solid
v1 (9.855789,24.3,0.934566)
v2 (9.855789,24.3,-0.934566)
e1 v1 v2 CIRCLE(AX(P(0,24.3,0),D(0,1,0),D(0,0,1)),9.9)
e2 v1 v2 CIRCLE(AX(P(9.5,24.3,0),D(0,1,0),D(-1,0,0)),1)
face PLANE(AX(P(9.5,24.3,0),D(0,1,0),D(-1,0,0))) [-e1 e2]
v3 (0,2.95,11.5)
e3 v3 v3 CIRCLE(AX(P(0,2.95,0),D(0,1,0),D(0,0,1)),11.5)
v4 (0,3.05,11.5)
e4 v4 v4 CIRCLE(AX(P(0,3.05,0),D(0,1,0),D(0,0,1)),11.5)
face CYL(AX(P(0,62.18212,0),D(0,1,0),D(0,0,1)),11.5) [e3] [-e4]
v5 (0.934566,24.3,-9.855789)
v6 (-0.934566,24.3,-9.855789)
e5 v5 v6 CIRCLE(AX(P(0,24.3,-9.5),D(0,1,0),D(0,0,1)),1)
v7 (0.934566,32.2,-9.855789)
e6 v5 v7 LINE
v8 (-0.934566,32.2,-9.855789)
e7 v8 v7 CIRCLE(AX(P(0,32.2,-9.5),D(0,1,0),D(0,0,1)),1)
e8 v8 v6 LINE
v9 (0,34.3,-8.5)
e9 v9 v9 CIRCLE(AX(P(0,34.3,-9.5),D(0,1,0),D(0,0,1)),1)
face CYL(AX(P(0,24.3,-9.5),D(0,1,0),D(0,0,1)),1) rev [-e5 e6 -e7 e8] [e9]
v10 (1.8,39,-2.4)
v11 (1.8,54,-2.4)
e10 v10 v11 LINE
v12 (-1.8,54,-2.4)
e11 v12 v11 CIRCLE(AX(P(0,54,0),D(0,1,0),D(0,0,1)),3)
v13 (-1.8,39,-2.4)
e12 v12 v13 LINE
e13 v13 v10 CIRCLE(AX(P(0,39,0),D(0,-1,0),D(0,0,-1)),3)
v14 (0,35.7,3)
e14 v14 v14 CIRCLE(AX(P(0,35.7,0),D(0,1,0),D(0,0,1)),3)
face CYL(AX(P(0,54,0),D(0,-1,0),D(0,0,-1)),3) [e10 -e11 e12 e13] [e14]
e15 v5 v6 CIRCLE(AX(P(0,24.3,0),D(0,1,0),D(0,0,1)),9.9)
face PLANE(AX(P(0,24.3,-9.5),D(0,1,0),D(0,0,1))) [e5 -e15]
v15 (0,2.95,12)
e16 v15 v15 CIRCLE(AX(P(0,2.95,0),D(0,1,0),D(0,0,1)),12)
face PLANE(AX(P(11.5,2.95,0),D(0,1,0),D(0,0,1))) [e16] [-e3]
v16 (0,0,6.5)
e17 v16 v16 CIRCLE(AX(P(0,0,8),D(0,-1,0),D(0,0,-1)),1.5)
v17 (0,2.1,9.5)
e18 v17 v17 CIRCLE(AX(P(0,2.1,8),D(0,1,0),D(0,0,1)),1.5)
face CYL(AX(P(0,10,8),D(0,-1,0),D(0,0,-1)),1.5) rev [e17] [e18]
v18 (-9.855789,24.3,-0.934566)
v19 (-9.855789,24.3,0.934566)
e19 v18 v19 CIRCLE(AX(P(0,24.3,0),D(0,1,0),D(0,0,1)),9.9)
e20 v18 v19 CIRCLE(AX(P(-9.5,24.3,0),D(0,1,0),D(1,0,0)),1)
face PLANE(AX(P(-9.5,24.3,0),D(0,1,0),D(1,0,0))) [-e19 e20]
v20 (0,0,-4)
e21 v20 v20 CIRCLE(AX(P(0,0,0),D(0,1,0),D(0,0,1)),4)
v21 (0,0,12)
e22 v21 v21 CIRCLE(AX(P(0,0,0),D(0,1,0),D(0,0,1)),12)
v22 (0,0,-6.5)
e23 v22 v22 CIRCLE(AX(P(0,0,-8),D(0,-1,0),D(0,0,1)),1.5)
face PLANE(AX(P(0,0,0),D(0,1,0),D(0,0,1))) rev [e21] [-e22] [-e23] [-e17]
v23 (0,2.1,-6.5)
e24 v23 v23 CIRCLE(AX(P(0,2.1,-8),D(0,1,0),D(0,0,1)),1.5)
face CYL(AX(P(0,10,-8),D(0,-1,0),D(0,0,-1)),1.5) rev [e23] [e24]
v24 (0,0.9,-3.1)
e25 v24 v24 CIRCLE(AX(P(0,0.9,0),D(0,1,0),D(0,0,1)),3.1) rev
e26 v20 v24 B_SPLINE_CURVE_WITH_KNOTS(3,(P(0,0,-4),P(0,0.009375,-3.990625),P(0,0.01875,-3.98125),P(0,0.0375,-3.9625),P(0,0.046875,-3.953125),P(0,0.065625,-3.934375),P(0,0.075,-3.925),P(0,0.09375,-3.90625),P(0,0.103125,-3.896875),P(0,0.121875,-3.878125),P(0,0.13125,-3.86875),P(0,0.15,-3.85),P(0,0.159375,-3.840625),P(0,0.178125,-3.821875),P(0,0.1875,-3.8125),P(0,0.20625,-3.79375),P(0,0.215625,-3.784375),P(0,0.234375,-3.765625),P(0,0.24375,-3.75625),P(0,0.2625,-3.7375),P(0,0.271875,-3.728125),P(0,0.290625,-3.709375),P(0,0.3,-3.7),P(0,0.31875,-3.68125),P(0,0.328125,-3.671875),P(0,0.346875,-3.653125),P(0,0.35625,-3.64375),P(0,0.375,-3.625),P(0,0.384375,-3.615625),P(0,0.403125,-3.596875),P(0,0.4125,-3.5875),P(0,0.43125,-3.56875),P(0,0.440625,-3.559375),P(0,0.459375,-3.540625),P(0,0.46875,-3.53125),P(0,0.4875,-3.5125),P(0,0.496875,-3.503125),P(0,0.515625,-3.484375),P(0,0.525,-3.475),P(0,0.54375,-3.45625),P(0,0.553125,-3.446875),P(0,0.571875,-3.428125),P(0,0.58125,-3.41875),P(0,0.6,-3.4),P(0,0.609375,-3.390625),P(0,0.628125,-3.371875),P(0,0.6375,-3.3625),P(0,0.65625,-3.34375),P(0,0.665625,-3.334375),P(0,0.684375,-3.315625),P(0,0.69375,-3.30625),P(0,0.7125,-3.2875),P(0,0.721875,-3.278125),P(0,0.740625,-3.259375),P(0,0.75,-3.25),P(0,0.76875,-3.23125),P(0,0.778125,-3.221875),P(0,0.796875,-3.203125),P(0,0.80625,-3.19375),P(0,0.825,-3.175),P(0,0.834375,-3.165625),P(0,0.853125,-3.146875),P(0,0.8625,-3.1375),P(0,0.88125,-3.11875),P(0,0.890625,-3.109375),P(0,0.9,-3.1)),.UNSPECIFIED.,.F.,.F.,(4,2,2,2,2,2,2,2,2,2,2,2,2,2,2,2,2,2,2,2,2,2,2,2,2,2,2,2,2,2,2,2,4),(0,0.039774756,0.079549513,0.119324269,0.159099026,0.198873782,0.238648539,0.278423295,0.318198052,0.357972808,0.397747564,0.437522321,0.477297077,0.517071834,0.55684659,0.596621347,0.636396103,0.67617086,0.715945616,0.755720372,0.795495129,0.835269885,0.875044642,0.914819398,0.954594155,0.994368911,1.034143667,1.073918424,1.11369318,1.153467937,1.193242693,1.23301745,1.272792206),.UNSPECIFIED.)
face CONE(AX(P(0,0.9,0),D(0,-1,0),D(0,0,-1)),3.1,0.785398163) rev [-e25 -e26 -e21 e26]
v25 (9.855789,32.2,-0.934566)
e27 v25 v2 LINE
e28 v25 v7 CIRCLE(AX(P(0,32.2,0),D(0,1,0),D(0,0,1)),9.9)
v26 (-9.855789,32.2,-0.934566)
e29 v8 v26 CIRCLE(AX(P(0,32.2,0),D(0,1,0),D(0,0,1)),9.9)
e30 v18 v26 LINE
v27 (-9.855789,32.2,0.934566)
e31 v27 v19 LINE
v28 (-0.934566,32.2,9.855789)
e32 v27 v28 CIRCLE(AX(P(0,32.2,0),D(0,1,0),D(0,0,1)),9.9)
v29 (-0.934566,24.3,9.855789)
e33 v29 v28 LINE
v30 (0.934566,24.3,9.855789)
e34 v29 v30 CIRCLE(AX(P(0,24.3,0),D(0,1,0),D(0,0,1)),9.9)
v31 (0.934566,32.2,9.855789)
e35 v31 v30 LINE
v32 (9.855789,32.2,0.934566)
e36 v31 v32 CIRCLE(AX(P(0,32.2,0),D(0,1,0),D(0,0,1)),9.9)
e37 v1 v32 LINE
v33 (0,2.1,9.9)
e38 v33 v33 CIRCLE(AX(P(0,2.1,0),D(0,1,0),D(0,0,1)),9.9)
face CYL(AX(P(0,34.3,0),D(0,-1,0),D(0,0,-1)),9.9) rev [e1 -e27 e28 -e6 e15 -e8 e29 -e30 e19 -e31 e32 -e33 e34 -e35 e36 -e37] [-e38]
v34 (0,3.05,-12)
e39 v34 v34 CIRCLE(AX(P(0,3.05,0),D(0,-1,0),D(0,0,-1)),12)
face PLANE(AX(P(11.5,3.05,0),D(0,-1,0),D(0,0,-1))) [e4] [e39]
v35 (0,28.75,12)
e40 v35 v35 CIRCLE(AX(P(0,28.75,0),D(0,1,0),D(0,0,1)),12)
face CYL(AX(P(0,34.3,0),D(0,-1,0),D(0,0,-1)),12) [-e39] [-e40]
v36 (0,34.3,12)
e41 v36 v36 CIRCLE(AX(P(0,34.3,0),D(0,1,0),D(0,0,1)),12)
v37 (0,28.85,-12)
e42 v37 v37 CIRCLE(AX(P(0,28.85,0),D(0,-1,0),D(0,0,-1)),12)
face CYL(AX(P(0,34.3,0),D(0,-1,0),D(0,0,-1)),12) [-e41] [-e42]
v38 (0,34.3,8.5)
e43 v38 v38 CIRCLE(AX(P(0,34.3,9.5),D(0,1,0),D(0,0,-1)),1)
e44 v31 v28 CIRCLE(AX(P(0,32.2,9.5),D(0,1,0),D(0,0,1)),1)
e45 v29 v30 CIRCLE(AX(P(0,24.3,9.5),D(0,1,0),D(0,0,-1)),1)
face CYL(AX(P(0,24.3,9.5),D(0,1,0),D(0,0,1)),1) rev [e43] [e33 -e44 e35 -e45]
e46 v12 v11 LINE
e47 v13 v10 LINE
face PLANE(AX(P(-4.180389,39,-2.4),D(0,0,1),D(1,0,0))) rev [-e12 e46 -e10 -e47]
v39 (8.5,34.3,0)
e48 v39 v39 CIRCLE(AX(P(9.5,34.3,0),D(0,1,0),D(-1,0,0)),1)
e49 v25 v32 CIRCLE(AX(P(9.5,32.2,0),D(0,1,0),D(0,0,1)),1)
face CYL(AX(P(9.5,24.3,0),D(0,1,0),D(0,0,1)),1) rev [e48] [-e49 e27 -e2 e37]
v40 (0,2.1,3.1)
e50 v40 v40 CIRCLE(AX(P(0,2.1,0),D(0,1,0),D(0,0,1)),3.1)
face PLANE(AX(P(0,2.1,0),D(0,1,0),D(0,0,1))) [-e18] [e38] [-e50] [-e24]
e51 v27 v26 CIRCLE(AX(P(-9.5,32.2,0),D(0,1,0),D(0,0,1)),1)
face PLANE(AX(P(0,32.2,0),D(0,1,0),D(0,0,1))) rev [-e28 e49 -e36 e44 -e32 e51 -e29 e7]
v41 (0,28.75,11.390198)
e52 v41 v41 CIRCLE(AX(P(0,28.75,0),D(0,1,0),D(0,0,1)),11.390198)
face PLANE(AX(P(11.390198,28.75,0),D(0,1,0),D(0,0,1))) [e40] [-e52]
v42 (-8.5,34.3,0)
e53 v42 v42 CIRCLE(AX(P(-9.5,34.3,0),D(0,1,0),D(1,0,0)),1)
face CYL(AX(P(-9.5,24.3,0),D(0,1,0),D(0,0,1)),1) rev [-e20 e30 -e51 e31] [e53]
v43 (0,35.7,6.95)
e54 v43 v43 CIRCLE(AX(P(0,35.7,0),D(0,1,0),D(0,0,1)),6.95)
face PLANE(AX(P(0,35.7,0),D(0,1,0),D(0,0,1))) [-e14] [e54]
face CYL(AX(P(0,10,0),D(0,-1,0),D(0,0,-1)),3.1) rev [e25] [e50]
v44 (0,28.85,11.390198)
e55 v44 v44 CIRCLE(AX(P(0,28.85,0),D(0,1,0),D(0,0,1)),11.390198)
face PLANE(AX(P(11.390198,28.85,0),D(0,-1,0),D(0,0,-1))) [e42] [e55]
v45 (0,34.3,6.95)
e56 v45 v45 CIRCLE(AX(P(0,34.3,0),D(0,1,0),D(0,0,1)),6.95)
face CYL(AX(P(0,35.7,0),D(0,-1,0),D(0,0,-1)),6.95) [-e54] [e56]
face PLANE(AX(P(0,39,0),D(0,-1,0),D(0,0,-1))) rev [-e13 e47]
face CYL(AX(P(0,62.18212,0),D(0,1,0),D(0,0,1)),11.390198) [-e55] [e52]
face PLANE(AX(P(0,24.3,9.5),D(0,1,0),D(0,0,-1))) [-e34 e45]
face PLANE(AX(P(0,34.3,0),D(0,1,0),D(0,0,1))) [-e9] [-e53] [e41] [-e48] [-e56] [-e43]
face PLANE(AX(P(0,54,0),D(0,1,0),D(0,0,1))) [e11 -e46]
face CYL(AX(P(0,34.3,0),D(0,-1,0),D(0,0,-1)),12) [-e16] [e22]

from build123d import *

# Parameters (mm, degrees)
SKETCH_1_R               = 12
EXTRUDE_1_DEPTH          = 34.3
SHELL_6_T                = 2.1
SKETCH_2_R               = 6.95
EXTRUDE_2_DEPTH          = 1.4
SKETCH_3_R               = 3
EXTRUDE_3_DEPTH          = 18.3
CUT_EXTRUDE_1_DEPTH      = 15
SKETCH_5_R               = 3.1
CUT_EXTRUDE_2_DEPTH      = 10
CHAMFER_1_SIZE           = 0.9
SKETCH_7_R               = 1
CUT_EXTRUDE_3_DEPTH      = 10
PATTERN_CIRCULAR_1_COUNT = 4
SKETCH_8_R               = 1.5
CUT_EXTRUDE_4_DEPTH      = 10
PATTERN_CIRCULAR_2_COUNT = 2
SKETCH_10_W              = 1
SKETCH_10_H              = 0.1


with BuildPart() as part:
    # 草图1 → 凸台-拉伸1 (new body)
    with BuildSketch(Plane(origin=(0, 0, 0), x_dir=(1, 0, 0), z_dir=(0, 1, 0))):
        with Locations(Location((0, 0, 0), (0, 0, 270))):
            Circle(SKETCH_1_R)
    extrude(amount=EXTRUDE_1_DEPTH)

    # 抽壳6 (no face opened: a closed hollow body)
    add(offset(amount=-SHELL_6_T, mode=Mode.PRIVATE), mode=Mode.SUBTRACT)

    # 草图2 → 凸台-拉伸2 (add)
    with BuildSketch(Plane(origin=(0, 34.3, 0), x_dir=(1, 0, 0), z_dir=(0, 1, 0))):
        with Locations(Location((0, 0, 0), (0, 0, 270))):
            Circle(SKETCH_2_R)
    extrude(amount=EXTRUDE_2_DEPTH)

    # 草图3 → 凸台-拉伸3 (add)
    with BuildSketch(Plane(origin=(0, 35.7, 0), x_dir=(1, 0, 0), z_dir=(0, 1, 0))):
        with Locations(Location((0, 0, 0), (0, 0, 270))):
            Circle(SKETCH_3_R)
    extrude(amount=EXTRUDE_3_DEPTH)

    # 草图4 → 切除-拉伸1 (cut)
    with BuildSketch(Plane(origin=(0, 54, 0), x_dir=(1, 0, 0), z_dir=(0, 1, 0))):
        Polygon((-4.180388969, 2.4), (5.154958177, 2.4), (-0.718103627, 5.682759436), align=None)
    extrude(amount=-CUT_EXTRUDE_1_DEPTH, mode=Mode.SUBTRACT)

    # 草图5 → 切除-拉伸2 (cut)
    with BuildSketch(Plane.XZ):
        with Locations(Location((0, 0, 0), (0, 0, 270))):
            Circle(SKETCH_5_R)
    extrude(amount=-CUT_EXTRUDE_2_DEPTH, mode=Mode.SUBTRACT)

    # 倒角1
    chamfer_1_edges = [part.edges().sort_by_distance(p)[0] for p in [
        (0, 0, 3.1),
    ]]
    chamfer(chamfer_1_edges, length=CHAMFER_1_SIZE)

    # 草图7 → 切除-拉伸3 (cut)
    with BuildSketch(Plane(origin=(0, 34.3, 0), x_dir=(1, 0, 0), z_dir=(0, 1, 0))):
        with Locations(Location((0, 9.5, 0), (0, 0, 270))):
            Circle(SKETCH_7_R)
    cut_extrude_3 = extrude(amount=-CUT_EXTRUDE_3_DEPTH, mode=Mode.SUBTRACT)

    # 阵列(圆周)1: 切除-拉伸3 ×4 about axis
    pattern_circular_1_axis = Axis((0, 0, 0), (0, 1, 0))
    for i in range(1, PATTERN_CIRCULAR_1_COUNT):
        add(cut_extrude_3.rotate(pattern_circular_1_axis, i * 360 / PATTERN_CIRCULAR_1_COUNT), mode=Mode.SUBTRACT)

    # 草图8 → 切除-拉伸4 (cut)
    with BuildSketch(Plane.XZ):
        with Locations(Location((0, 8, 0), (0, 0, 270))):
            Circle(SKETCH_8_R)
    cut_extrude_4 = extrude(amount=-CUT_EXTRUDE_4_DEPTH, mode=Mode.SUBTRACT)

    # 阵列(圆周)2: 切除-拉伸4 ×2 about axis
    pattern_circular_2_axis = Axis((0, 0, 0), (0, 1, 0))
    for i in range(1, PATTERN_CIRCULAR_2_COUNT):
        add(cut_extrude_4.rotate(pattern_circular_2_axis, i * 360 / PATTERN_CIRCULAR_2_COUNT), mode=Mode.SUBTRACT)

    # 草图10 → 切除-旋转1 (revolve, cut)
    with BuildSketch(Plane.XY, mode=Mode.PRIVATE) as cut_revolve_1_sk:
        with Locations((11.890198227, 28.8)):
            Rectangle(SKETCH_10_W, SKETCH_10_H)
        with Locations((12, 3)):
            Rectangle(SKETCH_10_W, SKETCH_10_H)
    revolve(cut_revolve_1_sk.sketch.rotate(Axis((0, 62.182119541, 0), (0, -1, 0)), 233.130102354), axis=Axis((0, 62.182119541, 0), (0, -1, 0)), mode=Mode.SUBTRACT)


solid = part.part
